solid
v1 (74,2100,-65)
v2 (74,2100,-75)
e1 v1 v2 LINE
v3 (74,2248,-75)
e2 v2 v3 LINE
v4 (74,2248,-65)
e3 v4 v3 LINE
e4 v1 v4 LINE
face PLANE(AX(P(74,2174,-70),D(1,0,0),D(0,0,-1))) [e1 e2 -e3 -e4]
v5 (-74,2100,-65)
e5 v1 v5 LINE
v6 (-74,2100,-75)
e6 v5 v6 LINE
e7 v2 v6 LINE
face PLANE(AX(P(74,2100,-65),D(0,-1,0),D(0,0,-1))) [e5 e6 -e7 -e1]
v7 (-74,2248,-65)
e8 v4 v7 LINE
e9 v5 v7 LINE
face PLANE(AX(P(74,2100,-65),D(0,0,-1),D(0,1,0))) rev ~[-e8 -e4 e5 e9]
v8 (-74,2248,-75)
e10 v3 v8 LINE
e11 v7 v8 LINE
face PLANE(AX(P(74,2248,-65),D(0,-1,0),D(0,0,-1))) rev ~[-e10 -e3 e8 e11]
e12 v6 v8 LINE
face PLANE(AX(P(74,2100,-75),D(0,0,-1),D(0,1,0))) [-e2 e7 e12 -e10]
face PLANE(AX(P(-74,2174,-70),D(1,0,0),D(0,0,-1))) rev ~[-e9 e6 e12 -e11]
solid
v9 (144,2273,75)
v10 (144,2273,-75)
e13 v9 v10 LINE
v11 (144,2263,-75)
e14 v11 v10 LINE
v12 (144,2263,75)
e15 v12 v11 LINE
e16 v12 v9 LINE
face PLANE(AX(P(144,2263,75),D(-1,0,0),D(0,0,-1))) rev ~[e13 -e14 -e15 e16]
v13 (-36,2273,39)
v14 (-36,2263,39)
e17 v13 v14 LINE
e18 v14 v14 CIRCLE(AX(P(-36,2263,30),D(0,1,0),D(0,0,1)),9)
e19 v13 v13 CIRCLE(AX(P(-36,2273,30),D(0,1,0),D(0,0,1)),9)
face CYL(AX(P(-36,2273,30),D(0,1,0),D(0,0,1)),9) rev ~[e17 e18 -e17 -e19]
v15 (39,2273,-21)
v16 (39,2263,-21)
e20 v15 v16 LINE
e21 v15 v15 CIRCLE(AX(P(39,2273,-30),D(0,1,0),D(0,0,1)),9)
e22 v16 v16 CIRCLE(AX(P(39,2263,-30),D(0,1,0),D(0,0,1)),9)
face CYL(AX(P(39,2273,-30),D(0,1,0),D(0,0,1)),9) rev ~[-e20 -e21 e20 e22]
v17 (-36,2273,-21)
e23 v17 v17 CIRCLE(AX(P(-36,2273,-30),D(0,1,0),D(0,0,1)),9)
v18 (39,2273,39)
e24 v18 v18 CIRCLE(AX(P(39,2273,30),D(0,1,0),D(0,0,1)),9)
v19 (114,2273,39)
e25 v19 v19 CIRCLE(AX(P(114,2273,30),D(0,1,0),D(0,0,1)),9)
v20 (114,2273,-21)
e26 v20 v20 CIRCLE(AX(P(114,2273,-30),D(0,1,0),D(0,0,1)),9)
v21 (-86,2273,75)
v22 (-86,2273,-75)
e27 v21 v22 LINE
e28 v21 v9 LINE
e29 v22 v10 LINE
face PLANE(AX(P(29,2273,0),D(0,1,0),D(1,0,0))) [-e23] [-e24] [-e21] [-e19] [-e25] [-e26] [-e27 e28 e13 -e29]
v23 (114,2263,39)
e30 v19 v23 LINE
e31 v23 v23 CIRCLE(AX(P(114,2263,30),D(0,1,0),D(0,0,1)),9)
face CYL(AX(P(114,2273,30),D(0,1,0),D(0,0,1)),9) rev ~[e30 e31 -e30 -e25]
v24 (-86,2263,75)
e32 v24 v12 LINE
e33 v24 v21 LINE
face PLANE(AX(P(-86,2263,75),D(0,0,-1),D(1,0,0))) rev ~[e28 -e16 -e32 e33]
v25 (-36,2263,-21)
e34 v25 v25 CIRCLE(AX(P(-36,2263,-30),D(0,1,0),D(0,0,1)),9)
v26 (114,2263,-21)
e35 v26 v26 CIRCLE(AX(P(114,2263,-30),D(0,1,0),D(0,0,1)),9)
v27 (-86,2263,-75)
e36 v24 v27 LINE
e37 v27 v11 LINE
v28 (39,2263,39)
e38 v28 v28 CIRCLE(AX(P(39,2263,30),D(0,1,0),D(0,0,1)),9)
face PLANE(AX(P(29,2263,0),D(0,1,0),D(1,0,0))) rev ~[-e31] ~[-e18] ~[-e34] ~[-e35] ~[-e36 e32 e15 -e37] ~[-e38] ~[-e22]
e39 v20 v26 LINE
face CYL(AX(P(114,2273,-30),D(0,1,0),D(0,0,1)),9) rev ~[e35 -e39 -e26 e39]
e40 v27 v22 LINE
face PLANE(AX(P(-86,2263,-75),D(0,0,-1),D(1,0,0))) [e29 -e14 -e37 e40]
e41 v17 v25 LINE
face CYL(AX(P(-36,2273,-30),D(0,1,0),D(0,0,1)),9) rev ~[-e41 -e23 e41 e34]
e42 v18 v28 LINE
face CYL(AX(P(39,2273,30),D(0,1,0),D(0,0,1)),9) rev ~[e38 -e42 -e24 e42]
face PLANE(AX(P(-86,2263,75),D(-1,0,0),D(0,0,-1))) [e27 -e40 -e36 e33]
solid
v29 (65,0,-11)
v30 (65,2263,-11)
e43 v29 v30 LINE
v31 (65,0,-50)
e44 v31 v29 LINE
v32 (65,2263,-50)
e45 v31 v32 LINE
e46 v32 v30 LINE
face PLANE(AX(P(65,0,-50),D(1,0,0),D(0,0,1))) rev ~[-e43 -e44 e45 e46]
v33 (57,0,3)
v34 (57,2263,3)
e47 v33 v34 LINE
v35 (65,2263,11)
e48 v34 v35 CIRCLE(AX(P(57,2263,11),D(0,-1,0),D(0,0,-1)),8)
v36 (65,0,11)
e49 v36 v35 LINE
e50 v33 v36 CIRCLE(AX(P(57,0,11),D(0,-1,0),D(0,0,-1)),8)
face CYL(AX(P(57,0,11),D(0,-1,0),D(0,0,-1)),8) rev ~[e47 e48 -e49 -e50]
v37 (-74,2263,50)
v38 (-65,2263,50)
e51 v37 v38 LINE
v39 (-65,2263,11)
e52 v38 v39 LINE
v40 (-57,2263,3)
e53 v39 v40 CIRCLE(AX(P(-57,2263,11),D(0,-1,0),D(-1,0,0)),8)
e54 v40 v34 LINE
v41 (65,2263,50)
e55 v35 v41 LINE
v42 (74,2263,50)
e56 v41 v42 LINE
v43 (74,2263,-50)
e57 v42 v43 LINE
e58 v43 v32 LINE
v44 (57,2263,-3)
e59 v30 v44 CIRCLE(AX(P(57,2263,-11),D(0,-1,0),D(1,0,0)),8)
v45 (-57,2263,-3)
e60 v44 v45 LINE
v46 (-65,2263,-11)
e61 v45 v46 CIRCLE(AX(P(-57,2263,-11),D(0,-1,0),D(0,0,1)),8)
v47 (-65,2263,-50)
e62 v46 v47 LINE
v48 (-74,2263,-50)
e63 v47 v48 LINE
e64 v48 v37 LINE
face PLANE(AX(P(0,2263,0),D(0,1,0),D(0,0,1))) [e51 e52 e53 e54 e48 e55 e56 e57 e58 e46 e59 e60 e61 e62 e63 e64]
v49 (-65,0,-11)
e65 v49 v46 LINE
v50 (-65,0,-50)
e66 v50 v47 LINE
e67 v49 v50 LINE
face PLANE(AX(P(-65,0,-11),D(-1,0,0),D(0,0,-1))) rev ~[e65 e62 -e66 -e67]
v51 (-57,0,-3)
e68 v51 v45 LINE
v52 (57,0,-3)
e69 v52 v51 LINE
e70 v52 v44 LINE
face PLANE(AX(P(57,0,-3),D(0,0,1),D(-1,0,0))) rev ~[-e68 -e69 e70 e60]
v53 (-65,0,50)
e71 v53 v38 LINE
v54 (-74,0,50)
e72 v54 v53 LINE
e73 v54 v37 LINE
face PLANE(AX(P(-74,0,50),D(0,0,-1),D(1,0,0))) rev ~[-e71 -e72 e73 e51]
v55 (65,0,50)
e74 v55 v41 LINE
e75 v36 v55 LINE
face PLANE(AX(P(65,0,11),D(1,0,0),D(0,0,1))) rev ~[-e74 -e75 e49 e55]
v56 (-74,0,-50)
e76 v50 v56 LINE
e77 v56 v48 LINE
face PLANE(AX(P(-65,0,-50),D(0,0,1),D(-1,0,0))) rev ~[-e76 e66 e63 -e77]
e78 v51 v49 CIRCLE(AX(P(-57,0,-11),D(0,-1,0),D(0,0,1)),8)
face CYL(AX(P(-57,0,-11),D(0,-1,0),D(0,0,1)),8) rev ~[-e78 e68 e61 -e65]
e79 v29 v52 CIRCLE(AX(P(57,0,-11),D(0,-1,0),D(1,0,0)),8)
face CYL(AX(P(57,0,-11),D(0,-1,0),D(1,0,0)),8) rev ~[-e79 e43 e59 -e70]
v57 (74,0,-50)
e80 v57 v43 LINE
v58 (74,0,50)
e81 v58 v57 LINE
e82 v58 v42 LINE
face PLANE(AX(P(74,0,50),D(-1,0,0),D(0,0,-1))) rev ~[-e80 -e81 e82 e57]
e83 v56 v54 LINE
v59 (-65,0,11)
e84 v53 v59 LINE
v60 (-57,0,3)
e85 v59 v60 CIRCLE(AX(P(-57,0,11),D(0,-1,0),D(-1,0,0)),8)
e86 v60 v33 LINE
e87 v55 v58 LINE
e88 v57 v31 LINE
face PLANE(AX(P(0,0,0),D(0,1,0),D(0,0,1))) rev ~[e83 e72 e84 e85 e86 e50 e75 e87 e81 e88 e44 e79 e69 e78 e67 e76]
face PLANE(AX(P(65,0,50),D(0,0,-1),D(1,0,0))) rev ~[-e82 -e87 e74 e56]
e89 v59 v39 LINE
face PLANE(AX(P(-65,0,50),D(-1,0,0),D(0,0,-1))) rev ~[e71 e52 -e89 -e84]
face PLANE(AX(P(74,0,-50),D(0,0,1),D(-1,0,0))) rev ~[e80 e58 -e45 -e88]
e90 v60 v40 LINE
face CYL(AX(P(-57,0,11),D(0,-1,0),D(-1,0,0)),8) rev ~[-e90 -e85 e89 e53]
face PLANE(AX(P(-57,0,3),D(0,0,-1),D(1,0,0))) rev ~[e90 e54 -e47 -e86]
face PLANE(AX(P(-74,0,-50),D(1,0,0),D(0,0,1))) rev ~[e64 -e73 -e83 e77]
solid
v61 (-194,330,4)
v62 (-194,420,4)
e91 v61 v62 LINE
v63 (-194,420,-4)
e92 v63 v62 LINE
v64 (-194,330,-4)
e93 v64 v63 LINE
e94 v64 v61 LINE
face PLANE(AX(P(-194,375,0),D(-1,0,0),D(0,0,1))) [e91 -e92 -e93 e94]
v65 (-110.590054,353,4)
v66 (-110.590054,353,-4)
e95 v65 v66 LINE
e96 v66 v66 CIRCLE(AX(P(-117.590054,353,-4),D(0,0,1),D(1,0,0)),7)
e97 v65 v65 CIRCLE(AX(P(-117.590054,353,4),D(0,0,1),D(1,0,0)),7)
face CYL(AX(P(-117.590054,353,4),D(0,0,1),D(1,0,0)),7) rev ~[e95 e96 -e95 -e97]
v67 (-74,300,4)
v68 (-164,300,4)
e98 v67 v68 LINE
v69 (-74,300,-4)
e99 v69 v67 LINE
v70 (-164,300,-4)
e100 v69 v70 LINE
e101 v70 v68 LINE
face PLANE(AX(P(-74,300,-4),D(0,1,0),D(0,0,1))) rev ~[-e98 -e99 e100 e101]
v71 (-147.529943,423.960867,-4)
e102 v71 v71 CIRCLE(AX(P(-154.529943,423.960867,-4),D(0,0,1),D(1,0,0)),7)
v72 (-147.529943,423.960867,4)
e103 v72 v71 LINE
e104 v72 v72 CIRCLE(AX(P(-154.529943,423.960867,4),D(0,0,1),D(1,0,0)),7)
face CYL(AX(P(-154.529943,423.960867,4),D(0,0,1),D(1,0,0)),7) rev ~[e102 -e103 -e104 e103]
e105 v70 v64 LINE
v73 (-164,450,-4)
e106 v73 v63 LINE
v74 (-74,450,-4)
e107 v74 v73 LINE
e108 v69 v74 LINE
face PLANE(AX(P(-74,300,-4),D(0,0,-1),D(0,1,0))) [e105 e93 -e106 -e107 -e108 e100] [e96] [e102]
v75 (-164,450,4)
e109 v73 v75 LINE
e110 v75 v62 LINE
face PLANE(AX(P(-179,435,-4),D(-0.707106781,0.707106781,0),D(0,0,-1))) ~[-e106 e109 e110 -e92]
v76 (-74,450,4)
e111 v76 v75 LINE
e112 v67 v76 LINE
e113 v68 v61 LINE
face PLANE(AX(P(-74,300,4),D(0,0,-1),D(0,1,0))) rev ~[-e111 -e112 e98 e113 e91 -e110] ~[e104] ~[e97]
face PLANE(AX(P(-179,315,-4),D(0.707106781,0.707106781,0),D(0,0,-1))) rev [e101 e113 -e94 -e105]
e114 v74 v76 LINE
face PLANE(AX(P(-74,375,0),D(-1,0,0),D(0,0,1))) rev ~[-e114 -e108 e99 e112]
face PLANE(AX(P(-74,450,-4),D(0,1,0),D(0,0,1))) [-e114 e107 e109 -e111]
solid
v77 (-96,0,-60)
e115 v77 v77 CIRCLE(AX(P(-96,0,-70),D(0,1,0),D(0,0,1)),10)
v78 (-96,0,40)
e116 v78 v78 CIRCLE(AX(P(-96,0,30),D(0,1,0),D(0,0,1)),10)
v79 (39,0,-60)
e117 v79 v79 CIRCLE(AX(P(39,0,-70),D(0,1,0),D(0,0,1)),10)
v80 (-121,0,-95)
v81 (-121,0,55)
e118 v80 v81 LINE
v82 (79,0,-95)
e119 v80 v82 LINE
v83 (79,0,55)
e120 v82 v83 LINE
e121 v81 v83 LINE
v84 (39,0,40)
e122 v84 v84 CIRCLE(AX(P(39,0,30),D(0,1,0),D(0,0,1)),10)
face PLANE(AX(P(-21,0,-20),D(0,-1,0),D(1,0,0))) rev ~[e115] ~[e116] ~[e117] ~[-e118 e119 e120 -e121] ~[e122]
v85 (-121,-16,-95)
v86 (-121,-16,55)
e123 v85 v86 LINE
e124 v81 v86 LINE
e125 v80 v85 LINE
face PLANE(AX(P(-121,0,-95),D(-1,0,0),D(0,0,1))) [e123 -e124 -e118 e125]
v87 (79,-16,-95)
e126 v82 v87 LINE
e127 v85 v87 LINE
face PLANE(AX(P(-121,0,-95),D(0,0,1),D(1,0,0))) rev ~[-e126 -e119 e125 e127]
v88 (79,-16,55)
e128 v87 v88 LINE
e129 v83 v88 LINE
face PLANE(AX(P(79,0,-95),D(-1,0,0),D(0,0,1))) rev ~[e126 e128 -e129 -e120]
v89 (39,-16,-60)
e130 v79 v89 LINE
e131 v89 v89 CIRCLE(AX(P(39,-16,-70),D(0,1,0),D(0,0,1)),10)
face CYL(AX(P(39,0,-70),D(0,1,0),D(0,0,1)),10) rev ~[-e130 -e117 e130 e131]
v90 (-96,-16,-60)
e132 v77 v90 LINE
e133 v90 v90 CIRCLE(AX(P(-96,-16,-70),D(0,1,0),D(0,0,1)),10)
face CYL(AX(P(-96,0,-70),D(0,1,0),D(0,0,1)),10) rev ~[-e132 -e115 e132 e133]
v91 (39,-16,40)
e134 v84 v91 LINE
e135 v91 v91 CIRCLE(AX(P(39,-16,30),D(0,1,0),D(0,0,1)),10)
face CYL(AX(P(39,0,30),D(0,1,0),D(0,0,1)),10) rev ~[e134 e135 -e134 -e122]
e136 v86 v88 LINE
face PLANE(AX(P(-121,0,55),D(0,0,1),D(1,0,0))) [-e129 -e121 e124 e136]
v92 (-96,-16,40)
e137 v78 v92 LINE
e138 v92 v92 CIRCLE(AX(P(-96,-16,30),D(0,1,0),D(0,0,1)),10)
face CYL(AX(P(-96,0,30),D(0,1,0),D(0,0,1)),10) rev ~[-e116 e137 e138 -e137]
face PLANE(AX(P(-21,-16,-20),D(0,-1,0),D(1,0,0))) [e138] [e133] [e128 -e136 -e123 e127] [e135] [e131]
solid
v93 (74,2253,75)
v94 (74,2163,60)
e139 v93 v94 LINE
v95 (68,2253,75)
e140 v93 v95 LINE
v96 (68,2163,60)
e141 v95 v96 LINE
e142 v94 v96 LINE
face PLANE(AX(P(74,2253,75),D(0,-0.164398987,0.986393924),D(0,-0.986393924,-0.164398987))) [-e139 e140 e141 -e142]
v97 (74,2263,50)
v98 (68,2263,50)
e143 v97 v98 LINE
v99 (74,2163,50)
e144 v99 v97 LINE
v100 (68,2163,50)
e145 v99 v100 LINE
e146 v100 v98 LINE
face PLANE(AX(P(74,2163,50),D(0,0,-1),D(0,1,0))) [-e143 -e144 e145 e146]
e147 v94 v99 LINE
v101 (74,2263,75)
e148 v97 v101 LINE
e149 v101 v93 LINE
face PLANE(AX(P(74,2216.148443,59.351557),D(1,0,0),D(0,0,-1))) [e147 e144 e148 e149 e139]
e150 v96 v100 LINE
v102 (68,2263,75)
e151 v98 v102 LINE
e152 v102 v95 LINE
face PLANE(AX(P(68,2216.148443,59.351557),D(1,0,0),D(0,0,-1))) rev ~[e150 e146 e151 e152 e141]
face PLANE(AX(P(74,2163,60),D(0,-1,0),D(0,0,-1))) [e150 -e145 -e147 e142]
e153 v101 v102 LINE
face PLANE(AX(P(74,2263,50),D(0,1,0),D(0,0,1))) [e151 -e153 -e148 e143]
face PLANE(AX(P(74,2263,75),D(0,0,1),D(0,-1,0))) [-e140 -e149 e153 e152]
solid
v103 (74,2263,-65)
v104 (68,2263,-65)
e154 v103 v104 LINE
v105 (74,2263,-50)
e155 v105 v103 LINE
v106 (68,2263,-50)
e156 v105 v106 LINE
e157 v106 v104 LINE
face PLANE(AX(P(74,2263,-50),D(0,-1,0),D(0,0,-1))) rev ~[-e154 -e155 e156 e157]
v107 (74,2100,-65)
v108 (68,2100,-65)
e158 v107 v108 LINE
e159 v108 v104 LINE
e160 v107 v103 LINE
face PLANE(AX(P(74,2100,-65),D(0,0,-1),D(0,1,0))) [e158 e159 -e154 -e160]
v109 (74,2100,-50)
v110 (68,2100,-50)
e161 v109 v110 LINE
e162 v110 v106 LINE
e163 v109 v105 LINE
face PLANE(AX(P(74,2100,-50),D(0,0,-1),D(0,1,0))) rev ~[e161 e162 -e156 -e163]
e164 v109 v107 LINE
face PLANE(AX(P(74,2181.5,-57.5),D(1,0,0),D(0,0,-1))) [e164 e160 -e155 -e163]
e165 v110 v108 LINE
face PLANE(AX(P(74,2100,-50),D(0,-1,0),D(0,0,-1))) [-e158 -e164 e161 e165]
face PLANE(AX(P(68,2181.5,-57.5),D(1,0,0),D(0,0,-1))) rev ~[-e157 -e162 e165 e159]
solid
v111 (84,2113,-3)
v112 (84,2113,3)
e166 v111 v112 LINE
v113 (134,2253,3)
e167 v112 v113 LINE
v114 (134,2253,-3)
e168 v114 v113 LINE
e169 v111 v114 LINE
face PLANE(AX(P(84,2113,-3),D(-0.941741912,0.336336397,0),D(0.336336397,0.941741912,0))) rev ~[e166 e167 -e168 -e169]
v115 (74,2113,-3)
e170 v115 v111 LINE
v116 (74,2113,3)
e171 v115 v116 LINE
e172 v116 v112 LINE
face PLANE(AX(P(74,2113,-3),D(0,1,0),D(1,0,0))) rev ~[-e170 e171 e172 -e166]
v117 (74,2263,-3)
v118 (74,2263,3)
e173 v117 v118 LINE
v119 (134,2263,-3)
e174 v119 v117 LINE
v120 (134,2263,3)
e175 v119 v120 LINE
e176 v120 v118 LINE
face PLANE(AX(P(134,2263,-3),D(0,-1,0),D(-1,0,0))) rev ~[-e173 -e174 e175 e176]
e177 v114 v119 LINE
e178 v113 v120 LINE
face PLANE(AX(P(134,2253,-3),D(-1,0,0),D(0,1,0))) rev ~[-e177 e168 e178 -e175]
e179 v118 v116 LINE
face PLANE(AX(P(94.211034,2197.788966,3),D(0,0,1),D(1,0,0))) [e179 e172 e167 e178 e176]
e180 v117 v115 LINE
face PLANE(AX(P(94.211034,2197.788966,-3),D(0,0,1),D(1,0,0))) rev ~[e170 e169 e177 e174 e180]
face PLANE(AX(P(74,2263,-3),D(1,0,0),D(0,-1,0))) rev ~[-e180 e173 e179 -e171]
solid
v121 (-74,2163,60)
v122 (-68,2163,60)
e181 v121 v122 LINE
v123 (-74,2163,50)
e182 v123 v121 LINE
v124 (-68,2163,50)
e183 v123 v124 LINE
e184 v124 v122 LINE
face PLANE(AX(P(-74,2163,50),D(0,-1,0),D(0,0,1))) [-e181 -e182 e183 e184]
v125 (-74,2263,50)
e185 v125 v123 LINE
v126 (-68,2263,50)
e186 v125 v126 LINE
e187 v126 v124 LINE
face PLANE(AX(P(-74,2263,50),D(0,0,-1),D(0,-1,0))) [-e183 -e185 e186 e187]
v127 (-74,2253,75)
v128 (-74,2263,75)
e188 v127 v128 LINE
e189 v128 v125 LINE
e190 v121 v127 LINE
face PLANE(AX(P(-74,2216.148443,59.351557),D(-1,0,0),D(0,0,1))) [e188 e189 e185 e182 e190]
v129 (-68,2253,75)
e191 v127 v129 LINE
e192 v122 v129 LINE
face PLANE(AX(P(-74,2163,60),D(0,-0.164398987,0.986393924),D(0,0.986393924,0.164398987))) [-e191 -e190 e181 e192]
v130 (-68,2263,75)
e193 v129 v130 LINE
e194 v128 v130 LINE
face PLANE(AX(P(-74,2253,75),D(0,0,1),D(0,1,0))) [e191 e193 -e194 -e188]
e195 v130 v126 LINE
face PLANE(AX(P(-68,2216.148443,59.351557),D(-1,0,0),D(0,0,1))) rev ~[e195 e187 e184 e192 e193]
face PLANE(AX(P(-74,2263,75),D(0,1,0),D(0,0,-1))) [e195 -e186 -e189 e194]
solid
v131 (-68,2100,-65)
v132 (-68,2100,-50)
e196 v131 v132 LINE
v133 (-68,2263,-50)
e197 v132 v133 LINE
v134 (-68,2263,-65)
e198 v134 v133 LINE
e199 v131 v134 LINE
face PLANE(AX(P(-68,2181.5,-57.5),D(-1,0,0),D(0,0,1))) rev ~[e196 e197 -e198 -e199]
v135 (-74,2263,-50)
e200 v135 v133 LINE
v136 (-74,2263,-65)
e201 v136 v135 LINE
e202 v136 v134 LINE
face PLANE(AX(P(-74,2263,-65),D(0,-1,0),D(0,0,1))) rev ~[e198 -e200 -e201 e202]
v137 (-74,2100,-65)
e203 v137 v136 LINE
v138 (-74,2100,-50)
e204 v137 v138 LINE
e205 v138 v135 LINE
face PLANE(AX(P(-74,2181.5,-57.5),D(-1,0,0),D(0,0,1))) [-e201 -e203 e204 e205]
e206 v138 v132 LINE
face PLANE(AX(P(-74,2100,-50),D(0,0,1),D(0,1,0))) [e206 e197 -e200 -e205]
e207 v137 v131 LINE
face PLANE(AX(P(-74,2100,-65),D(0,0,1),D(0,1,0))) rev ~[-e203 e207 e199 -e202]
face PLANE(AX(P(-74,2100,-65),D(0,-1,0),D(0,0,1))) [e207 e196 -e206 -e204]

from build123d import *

# Parameters (mm, degrees)
H_HM150_100_5_DEPTH = 2263
SKETCH_12_W         = 200
SKETCH_12_H         = 150
EXTRUDE_1_DEPTH     = 16
SKETCH_13_W         = 230
SKETCH_13_H         = 150
EXTRUDE_2_DEPTH     = 10
SKETCH_14_R         = 9
CUT_EXTRUDE_1_DEPTH = 10
SKETCH_16_W         = 8
SKETCH_16_H         = 150
EXTRUDE_4_DEPTH     = 120
CHAMFER_1_SIZE      = 30
SKETCH_17_R         = 7
CUT_EXTRUDE_2_DEPTH = 8
EXTRUDE_5_DEPTH     = 6
EXTRUDE_6_DEPTH     = 6
SKETCH_19_W         = 15
SKETCH_19_H         = 163
EXTRUDE_6_2_DEPTH   = 6
EXTRUDE_7_DEPTH     = 6
SKETCH_20_W         = 15
SKETCH_20_H         = 163
EXTRUDE_7_2_DEPTH   = 6
SKETCH_21_W         = 10
SKETCH_21_H         = 148
EXTRUDE_8_DEPTH     = 148
SKETCH_22_R         = 10
CUT_EXTRUDE_3_DEPTH = 16


with BuildPart() as part:
    # 草图11 → H型钢 HM150×100(5) (new body)
    with BuildSketch(Plane.ZX):
        with BuildLine():
            Line((-50, -74), (50, -74))
            Line((50, -74), (50, -65))
            Line((50, -65), (11, -65))
            ThreePointArc((11, -65), (5.343145751, -62.656854249), (3, -57))
            Line((3, -57), (3, 57))
            ThreePointArc((3, 57), (5.343145751, 62.656854249), (11, 65))
            Line((11, 65), (50, 65))
            Line((50, 65), (50, 74))
            Line((50, 74), (-50, 74))
            Line((-50, 74), (-50, 65))
            Line((-50, 65), (-11, 65))
            ThreePointArc((-11, 65), (-5.343145751, 62.656854249), (-3, 57))
            Line((-3, 57), (-3, -57))
            ThreePointArc((-3, -57), (-5.343145751, -62.656854249), (-11, -65))
            Line((-11, -65), (-50, -65))
            Line((-50, -65), (-50, -74))
        make_face()
    extrude(amount=H_HM150_100_5_DEPTH)


with BuildPart() as body_2:
    # 草图12 → 凸台-拉伸1 (new body)
    with BuildSketch(Plane.XZ):
        with Locations((-21, -20)):
            Rectangle(SKETCH_12_W, SKETCH_12_H)
    extrude(amount=EXTRUDE_1_DEPTH)

    # 草图22 → 切除-拉伸3 (cut)
    with BuildSketch(Plane(origin=(0, 0, 0), x_dir=(1, 0, 0), z_dir=(0, 1, 0))):
        with Locations(Location((-96, -30, 0), (0, 0, 270))):
            Circle(SKETCH_22_R)
        with Locations(Location((39, -30, 0), (0, 0, 270))):
            Circle(SKETCH_22_R)
        with Locations(Location((-96, 70, 0), (0, 0, 270))):
            Circle(SKETCH_22_R)
        with Locations(Location((39, 70, 0), (0, 0, 270))):
            Circle(SKETCH_22_R)
    extrude(amount=-CUT_EXTRUDE_3_DEPTH, mode=Mode.SUBTRACT)


with BuildPart() as body_3:
    # 草图13 → 凸台-拉伸2 (new body)
    with BuildSketch(Plane(origin=(0, 2263, 0), x_dir=(1, 0, 0), z_dir=(0, 1, 0))):
        with Locations((29, 0)):
            Rectangle(SKETCH_13_W, SKETCH_13_H)
    extrude(amount=EXTRUDE_2_DEPTH)

    # 草图14 → 切除-拉伸1 (cut)
    with BuildSketch(Plane(origin=(0, 2273, 0), x_dir=(1, 0, 0), z_dir=(0, 1, 0))):
        with Locations(Location((114, 30, 0), (0, 0, 270))):
            Circle(SKETCH_14_R)
        with Locations(Location((114, -30, 0), (0, 0, 270))):
            Circle(SKETCH_14_R)
        with Locations(Location((39, -30, 0), (0, 0, 270))):
            Circle(SKETCH_14_R)
        with Locations(Location((39, 30, 0), (0, 0, 270))):
            Circle(SKETCH_14_R)
        with Locations(Location((-36, 30, 0), (0, 0, 270))):
            Circle(SKETCH_14_R)
        with Locations(Location((-36, -30, 0), (0, 0, 270))):
            Circle(SKETCH_14_R)
    extrude(amount=-CUT_EXTRUDE_1_DEPTH, mode=Mode.SUBTRACT)


with BuildPart() as body_4:
    # 草图16 → 凸台-拉伸4 (new body)
    with BuildSketch(Plane.ZY.offset(74)):
        with Locations((0, 375)):
            Rectangle(SKETCH_16_W, SKETCH_16_H)
    extrude(amount=EXTRUDE_4_DEPTH)

    # 倒角1
    chamfer_1_edges = [body_4.edges().sort_by_distance(p)[0] for p in [
        (-194, 450, 0),
        (-194, 300, 0),
    ]]
    chamfer(chamfer_1_edges, length=CHAMFER_1_SIZE)

    # 草图17 → 切除-拉伸2 (cut)
    with BuildSketch(Plane.XY.offset(4)):
        with Locations((-154.529942738, 423.960866654)):
            Circle(SKETCH_17_R)
        with Locations((-117.590053679, 353)):
            Circle(SKETCH_17_R)
    extrude(amount=-CUT_EXTRUDE_2_DEPTH, mode=Mode.SUBTRACT)


with BuildPart() as body_5:
    # 草图18 → 凸台-拉伸5 (new body)
    with BuildSketch(Plane(origin=(0, 0, -3), x_dir=(-1, 0, 0), z_dir=(0, 0, -1))):
        Polygon((-74, 2263), (-74, 2113), (-84, 2113), (-134, 2253), (-134, 2263), align=None)
    extrude(amount=-EXTRUDE_5_DEPTH)


with BuildPart() as body_6:
    # 草图19 → 凸台-拉伸6 (new body)
    with BuildSketch(Plane(origin=(74, 0, 0), x_dir=(0, 0, -1), z_dir=(1, 0, 0))):
        Polygon((-50, 2263), (-75, 2263), (-75, 2253), (-60, 2163), (-50, 2163), align=None)
    extrude(amount=-EXTRUDE_6_DEPTH)


with BuildPart() as body_7:
    # 草图19 → Extrude 6 2 (new body)
    with BuildSketch(Plane(origin=(74, 0, 0), x_dir=(0, 0, -1), z_dir=(1, 0, 0))):
        with Locations((57.5, 2181.5)):
            Rectangle(SKETCH_19_W, SKETCH_19_H)
    extrude(amount=-EXTRUDE_6_2_DEPTH)


with BuildPart() as body_8:
    # 草图20 → 凸台-拉伸7 (new body)
    with BuildSketch(Plane.ZY.offset(74)):
        Polygon((50, 2263), (50, 2163), (60, 2163), (75, 2253), (75, 2263), align=None)
    extrude(amount=-EXTRUDE_7_DEPTH)


with BuildPart() as body_9:
    # 草图20 → Extrude 7 2 (new body)
    with BuildSketch(Plane.ZY.offset(74)):
        with Locations((-57.5, 2181.5)):
            Rectangle(SKETCH_20_W, SKETCH_20_H)
    extrude(amount=-EXTRUDE_7_2_DEPTH)


with BuildPart() as body_10:
    # 草图21 → 凸台-拉伸8 (new body)
    with BuildSketch(Plane(origin=(74, 0, 0), x_dir=(0, 0, -1), z_dir=(1, 0, 0))):
        with Locations((70, 2174)):
            Rectangle(SKETCH_21_W, SKETCH_21_H)
    extrude(amount=-EXTRUDE_8_DEPTH)


solid = Compound([part.part, body_2.part, body_3.part, body_4.part, body_5.part, body_6.part, body_7.part, body_8.part, body_9.part, body_10.part])
